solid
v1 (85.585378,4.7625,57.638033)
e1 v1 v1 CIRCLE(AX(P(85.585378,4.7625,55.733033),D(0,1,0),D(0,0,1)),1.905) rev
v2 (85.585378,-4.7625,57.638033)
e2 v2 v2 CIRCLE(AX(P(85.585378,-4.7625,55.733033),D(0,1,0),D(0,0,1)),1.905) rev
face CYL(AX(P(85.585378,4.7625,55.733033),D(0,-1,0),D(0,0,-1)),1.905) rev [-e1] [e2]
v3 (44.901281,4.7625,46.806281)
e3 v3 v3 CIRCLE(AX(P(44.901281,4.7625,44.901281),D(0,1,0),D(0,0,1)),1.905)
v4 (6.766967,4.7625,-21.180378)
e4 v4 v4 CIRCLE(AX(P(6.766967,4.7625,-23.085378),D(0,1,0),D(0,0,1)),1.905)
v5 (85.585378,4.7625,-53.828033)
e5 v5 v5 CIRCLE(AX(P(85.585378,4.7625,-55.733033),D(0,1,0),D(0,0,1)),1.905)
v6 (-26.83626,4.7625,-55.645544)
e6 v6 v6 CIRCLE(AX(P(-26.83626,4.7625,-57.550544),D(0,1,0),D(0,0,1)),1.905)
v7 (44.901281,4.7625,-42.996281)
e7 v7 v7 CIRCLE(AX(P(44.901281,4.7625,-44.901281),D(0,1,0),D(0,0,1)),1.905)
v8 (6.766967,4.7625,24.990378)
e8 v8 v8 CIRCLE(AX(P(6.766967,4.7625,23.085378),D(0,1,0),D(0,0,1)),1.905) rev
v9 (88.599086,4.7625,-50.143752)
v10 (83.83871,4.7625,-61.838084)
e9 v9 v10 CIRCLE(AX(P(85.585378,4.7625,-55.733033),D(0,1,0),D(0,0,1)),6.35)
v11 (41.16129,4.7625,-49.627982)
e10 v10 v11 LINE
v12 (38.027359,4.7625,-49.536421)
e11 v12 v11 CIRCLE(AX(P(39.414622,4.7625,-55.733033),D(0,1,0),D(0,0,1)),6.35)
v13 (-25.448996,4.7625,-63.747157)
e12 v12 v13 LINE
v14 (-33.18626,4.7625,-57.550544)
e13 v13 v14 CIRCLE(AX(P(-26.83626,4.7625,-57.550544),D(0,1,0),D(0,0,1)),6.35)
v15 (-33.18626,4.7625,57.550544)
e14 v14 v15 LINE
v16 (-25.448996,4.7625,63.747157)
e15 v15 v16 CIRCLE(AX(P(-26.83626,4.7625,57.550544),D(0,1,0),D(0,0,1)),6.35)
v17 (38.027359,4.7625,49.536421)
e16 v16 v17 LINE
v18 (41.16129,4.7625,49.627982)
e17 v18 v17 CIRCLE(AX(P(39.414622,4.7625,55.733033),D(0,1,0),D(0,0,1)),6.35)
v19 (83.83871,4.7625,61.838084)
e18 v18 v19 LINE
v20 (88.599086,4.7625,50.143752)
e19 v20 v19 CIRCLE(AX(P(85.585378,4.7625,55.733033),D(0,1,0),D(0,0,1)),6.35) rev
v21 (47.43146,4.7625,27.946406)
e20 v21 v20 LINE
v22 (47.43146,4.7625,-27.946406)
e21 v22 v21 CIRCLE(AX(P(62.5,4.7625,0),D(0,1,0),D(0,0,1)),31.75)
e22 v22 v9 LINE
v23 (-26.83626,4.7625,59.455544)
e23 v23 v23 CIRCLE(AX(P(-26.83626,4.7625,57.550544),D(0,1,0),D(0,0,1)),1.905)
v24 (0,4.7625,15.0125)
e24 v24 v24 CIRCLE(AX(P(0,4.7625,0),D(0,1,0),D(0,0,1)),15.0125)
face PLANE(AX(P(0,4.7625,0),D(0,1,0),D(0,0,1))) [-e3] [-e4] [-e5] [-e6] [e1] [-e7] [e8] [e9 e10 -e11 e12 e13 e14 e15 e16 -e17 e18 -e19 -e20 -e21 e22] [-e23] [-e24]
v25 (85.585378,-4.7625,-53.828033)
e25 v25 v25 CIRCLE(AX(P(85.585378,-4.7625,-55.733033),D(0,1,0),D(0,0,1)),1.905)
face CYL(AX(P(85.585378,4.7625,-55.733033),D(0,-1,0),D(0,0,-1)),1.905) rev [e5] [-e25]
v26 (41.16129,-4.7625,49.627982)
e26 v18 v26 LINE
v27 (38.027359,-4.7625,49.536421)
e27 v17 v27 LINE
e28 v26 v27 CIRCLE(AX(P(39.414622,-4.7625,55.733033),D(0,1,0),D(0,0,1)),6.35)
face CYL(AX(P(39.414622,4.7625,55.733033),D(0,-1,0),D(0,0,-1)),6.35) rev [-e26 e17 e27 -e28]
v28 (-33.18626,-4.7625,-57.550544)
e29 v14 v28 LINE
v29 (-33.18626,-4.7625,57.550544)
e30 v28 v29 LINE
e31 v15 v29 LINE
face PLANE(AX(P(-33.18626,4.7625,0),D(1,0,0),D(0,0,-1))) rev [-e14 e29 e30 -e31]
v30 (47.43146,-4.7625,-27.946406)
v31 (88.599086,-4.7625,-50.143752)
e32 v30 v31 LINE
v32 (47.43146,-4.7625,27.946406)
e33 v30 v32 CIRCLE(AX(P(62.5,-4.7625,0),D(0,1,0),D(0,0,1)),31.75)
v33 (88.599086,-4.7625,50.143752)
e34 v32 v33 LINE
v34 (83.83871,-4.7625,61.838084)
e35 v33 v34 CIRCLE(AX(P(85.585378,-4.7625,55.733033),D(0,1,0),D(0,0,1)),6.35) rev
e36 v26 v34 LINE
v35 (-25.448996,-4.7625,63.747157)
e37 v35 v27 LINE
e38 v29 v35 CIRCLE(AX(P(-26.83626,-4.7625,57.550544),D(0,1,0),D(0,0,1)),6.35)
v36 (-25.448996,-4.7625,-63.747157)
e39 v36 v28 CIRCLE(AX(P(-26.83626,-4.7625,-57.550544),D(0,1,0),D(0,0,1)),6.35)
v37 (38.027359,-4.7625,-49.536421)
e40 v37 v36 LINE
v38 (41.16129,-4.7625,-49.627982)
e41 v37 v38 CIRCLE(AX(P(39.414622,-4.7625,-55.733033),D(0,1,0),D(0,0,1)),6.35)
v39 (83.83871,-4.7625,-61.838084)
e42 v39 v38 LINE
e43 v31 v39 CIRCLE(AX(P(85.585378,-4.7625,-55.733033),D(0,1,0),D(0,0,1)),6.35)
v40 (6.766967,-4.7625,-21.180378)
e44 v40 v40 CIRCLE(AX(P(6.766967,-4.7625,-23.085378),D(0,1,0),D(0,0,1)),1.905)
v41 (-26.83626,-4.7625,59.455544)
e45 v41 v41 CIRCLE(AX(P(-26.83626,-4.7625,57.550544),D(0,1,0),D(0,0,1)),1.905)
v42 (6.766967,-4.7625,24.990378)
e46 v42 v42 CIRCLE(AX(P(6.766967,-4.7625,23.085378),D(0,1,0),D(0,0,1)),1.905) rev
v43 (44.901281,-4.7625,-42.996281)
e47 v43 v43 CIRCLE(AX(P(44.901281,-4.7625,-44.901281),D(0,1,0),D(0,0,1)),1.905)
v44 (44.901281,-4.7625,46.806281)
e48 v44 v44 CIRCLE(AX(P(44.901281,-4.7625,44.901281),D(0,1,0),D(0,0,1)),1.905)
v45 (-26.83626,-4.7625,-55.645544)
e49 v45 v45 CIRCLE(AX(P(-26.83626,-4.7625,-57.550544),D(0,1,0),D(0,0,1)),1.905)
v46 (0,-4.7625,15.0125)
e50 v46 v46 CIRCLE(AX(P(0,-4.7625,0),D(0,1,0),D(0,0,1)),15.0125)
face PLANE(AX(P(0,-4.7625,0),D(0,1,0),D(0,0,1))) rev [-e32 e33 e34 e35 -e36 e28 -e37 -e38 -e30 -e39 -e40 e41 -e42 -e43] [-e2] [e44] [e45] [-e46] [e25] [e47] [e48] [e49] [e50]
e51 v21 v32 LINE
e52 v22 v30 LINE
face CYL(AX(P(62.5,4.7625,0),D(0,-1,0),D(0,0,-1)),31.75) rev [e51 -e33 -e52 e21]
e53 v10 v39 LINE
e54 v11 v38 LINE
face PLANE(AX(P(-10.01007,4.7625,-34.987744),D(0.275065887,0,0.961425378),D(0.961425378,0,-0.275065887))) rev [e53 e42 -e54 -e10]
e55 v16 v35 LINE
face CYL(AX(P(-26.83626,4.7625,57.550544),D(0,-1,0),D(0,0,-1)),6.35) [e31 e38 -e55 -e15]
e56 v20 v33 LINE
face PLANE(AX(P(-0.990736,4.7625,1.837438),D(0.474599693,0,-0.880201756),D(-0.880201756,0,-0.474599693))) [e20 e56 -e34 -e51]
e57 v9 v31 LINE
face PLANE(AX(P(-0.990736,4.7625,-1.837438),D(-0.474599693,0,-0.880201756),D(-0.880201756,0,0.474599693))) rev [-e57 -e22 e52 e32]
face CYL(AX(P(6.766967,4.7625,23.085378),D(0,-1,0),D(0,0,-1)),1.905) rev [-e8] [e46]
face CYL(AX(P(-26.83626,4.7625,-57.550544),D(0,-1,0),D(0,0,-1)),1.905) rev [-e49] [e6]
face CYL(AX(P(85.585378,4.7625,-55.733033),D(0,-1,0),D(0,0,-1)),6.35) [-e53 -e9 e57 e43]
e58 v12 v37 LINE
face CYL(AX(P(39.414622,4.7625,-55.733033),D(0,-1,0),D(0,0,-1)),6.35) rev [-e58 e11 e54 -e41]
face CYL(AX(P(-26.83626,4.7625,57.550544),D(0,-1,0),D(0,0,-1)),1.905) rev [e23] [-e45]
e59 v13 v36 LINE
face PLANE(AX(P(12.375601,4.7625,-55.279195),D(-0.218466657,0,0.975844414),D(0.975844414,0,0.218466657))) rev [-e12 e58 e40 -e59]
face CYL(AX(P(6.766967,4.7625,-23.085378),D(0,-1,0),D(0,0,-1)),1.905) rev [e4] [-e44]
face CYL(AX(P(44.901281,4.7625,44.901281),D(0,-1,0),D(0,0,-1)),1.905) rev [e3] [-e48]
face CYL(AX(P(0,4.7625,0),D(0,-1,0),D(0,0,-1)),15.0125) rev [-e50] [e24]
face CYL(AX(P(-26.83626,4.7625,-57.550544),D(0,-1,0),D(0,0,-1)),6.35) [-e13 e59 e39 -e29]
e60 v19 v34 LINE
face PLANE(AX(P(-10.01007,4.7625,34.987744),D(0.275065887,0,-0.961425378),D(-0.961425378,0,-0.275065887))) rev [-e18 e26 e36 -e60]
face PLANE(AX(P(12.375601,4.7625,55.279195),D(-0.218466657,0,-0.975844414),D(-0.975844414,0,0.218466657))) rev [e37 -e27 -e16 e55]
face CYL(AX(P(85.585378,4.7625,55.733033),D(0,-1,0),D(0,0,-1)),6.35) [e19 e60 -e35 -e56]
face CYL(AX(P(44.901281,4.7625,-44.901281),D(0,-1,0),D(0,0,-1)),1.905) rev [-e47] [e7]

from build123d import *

# Parameters (mm, degrees)
SKETCH2_R           = 1.905
SKETCH2_R_2         = 15.012499947
BOSS_EXTRUDE1_DEPTH = 4.7625


with BuildPart() as part:
    # Sketch2 → Boss-Extrude1 (new body, symmetric)
    with BuildSketch(Plane(origin=(0, 0, 0), x_dir=(1, 0, 0), z_dir=(0, 1, 0))):
        with BuildLine():
            Line((47.431459746, 27.946405755), (88.599086108, 50.143751648))
            ThreePointArc((88.599086108, 50.143751648), (91.466763895, 58.127150721), (83.838709673, 61.83808395))
            Line((83.838709673, 61.83808395), (41.161290327, 49.627981648))
            ThreePointArc((41.161290327, 49.627981648), (39.600064271, 49.38574116), (38.027358671, 49.536420772))
            Line((38.027358671, 49.536420772), (-25.448996349, 63.747156504))
            ThreePointArc((-25.448996349, 63.747156504), (-30.805729247, 62.50693539), (-33.186259621, 57.550544477))
            Line((-33.186259621, 57.550544477), (-33.186259621, -57.550544477))
            ThreePointArc((-33.186259621, -57.550544477), (-30.805729247, -62.50693539), (-25.448996349, -63.747156504))
            Line((-25.448996349, -63.747156504), (38.027358671, -49.536420772))
            ThreePointArc((38.027358671, -49.536420772), (39.600064271, -49.38574116), (41.161290327, -49.627981648))
            Line((41.161290327, -49.627981648), (83.838709673, -61.83808395))
            ThreePointArc((83.838709673, -61.83808395), (91.466763895, -58.127150721), (88.599086108, -50.143751648))
            Line((88.599086108, -50.143751648), (47.431459746, -27.946405755))
            ThreePointArc((47.431459746, -27.946405755), (30.75, 0), (47.431459746, 27.946405755))
        make_face()
        with Locations((6.766967201, -23.085378057)):
            Circle(SKETCH2_R, mode=Mode.SUBTRACT)
        with Locations((44.901280605, -44.901280605)):
            Circle(SKETCH2_R, mode=Mode.SUBTRACT)
        Circle(SKETCH2_R_2, mode=Mode.SUBTRACT)
        with Locations((6.766967201, 23.085378057)):
            Circle(SKETCH2_R, mode=Mode.SUBTRACT)
        with Locations((44.901280605, 44.901280605)):
            Circle(SKETCH2_R, mode=Mode.SUBTRACT)
        with Locations((85.585378057, 55.733032799)):
            Circle(SKETCH2_R, mode=Mode.SUBTRACT)
        with Locations((-26.836259621, 57.550544477)):
            Circle(SKETCH2_R, mode=Mode.SUBTRACT)
        with Locations((85.585378057, -55.733032799)):
            Circle(SKETCH2_R, mode=Mode.SUBTRACT)
        with Locations((-26.836259621, -57.550544477)):
            Circle(SKETCH2_R, mode=Mode.SUBTRACT)
    extrude(amount=BOSS_EXTRUDE1_DEPTH, both=True)


solid = part.part
